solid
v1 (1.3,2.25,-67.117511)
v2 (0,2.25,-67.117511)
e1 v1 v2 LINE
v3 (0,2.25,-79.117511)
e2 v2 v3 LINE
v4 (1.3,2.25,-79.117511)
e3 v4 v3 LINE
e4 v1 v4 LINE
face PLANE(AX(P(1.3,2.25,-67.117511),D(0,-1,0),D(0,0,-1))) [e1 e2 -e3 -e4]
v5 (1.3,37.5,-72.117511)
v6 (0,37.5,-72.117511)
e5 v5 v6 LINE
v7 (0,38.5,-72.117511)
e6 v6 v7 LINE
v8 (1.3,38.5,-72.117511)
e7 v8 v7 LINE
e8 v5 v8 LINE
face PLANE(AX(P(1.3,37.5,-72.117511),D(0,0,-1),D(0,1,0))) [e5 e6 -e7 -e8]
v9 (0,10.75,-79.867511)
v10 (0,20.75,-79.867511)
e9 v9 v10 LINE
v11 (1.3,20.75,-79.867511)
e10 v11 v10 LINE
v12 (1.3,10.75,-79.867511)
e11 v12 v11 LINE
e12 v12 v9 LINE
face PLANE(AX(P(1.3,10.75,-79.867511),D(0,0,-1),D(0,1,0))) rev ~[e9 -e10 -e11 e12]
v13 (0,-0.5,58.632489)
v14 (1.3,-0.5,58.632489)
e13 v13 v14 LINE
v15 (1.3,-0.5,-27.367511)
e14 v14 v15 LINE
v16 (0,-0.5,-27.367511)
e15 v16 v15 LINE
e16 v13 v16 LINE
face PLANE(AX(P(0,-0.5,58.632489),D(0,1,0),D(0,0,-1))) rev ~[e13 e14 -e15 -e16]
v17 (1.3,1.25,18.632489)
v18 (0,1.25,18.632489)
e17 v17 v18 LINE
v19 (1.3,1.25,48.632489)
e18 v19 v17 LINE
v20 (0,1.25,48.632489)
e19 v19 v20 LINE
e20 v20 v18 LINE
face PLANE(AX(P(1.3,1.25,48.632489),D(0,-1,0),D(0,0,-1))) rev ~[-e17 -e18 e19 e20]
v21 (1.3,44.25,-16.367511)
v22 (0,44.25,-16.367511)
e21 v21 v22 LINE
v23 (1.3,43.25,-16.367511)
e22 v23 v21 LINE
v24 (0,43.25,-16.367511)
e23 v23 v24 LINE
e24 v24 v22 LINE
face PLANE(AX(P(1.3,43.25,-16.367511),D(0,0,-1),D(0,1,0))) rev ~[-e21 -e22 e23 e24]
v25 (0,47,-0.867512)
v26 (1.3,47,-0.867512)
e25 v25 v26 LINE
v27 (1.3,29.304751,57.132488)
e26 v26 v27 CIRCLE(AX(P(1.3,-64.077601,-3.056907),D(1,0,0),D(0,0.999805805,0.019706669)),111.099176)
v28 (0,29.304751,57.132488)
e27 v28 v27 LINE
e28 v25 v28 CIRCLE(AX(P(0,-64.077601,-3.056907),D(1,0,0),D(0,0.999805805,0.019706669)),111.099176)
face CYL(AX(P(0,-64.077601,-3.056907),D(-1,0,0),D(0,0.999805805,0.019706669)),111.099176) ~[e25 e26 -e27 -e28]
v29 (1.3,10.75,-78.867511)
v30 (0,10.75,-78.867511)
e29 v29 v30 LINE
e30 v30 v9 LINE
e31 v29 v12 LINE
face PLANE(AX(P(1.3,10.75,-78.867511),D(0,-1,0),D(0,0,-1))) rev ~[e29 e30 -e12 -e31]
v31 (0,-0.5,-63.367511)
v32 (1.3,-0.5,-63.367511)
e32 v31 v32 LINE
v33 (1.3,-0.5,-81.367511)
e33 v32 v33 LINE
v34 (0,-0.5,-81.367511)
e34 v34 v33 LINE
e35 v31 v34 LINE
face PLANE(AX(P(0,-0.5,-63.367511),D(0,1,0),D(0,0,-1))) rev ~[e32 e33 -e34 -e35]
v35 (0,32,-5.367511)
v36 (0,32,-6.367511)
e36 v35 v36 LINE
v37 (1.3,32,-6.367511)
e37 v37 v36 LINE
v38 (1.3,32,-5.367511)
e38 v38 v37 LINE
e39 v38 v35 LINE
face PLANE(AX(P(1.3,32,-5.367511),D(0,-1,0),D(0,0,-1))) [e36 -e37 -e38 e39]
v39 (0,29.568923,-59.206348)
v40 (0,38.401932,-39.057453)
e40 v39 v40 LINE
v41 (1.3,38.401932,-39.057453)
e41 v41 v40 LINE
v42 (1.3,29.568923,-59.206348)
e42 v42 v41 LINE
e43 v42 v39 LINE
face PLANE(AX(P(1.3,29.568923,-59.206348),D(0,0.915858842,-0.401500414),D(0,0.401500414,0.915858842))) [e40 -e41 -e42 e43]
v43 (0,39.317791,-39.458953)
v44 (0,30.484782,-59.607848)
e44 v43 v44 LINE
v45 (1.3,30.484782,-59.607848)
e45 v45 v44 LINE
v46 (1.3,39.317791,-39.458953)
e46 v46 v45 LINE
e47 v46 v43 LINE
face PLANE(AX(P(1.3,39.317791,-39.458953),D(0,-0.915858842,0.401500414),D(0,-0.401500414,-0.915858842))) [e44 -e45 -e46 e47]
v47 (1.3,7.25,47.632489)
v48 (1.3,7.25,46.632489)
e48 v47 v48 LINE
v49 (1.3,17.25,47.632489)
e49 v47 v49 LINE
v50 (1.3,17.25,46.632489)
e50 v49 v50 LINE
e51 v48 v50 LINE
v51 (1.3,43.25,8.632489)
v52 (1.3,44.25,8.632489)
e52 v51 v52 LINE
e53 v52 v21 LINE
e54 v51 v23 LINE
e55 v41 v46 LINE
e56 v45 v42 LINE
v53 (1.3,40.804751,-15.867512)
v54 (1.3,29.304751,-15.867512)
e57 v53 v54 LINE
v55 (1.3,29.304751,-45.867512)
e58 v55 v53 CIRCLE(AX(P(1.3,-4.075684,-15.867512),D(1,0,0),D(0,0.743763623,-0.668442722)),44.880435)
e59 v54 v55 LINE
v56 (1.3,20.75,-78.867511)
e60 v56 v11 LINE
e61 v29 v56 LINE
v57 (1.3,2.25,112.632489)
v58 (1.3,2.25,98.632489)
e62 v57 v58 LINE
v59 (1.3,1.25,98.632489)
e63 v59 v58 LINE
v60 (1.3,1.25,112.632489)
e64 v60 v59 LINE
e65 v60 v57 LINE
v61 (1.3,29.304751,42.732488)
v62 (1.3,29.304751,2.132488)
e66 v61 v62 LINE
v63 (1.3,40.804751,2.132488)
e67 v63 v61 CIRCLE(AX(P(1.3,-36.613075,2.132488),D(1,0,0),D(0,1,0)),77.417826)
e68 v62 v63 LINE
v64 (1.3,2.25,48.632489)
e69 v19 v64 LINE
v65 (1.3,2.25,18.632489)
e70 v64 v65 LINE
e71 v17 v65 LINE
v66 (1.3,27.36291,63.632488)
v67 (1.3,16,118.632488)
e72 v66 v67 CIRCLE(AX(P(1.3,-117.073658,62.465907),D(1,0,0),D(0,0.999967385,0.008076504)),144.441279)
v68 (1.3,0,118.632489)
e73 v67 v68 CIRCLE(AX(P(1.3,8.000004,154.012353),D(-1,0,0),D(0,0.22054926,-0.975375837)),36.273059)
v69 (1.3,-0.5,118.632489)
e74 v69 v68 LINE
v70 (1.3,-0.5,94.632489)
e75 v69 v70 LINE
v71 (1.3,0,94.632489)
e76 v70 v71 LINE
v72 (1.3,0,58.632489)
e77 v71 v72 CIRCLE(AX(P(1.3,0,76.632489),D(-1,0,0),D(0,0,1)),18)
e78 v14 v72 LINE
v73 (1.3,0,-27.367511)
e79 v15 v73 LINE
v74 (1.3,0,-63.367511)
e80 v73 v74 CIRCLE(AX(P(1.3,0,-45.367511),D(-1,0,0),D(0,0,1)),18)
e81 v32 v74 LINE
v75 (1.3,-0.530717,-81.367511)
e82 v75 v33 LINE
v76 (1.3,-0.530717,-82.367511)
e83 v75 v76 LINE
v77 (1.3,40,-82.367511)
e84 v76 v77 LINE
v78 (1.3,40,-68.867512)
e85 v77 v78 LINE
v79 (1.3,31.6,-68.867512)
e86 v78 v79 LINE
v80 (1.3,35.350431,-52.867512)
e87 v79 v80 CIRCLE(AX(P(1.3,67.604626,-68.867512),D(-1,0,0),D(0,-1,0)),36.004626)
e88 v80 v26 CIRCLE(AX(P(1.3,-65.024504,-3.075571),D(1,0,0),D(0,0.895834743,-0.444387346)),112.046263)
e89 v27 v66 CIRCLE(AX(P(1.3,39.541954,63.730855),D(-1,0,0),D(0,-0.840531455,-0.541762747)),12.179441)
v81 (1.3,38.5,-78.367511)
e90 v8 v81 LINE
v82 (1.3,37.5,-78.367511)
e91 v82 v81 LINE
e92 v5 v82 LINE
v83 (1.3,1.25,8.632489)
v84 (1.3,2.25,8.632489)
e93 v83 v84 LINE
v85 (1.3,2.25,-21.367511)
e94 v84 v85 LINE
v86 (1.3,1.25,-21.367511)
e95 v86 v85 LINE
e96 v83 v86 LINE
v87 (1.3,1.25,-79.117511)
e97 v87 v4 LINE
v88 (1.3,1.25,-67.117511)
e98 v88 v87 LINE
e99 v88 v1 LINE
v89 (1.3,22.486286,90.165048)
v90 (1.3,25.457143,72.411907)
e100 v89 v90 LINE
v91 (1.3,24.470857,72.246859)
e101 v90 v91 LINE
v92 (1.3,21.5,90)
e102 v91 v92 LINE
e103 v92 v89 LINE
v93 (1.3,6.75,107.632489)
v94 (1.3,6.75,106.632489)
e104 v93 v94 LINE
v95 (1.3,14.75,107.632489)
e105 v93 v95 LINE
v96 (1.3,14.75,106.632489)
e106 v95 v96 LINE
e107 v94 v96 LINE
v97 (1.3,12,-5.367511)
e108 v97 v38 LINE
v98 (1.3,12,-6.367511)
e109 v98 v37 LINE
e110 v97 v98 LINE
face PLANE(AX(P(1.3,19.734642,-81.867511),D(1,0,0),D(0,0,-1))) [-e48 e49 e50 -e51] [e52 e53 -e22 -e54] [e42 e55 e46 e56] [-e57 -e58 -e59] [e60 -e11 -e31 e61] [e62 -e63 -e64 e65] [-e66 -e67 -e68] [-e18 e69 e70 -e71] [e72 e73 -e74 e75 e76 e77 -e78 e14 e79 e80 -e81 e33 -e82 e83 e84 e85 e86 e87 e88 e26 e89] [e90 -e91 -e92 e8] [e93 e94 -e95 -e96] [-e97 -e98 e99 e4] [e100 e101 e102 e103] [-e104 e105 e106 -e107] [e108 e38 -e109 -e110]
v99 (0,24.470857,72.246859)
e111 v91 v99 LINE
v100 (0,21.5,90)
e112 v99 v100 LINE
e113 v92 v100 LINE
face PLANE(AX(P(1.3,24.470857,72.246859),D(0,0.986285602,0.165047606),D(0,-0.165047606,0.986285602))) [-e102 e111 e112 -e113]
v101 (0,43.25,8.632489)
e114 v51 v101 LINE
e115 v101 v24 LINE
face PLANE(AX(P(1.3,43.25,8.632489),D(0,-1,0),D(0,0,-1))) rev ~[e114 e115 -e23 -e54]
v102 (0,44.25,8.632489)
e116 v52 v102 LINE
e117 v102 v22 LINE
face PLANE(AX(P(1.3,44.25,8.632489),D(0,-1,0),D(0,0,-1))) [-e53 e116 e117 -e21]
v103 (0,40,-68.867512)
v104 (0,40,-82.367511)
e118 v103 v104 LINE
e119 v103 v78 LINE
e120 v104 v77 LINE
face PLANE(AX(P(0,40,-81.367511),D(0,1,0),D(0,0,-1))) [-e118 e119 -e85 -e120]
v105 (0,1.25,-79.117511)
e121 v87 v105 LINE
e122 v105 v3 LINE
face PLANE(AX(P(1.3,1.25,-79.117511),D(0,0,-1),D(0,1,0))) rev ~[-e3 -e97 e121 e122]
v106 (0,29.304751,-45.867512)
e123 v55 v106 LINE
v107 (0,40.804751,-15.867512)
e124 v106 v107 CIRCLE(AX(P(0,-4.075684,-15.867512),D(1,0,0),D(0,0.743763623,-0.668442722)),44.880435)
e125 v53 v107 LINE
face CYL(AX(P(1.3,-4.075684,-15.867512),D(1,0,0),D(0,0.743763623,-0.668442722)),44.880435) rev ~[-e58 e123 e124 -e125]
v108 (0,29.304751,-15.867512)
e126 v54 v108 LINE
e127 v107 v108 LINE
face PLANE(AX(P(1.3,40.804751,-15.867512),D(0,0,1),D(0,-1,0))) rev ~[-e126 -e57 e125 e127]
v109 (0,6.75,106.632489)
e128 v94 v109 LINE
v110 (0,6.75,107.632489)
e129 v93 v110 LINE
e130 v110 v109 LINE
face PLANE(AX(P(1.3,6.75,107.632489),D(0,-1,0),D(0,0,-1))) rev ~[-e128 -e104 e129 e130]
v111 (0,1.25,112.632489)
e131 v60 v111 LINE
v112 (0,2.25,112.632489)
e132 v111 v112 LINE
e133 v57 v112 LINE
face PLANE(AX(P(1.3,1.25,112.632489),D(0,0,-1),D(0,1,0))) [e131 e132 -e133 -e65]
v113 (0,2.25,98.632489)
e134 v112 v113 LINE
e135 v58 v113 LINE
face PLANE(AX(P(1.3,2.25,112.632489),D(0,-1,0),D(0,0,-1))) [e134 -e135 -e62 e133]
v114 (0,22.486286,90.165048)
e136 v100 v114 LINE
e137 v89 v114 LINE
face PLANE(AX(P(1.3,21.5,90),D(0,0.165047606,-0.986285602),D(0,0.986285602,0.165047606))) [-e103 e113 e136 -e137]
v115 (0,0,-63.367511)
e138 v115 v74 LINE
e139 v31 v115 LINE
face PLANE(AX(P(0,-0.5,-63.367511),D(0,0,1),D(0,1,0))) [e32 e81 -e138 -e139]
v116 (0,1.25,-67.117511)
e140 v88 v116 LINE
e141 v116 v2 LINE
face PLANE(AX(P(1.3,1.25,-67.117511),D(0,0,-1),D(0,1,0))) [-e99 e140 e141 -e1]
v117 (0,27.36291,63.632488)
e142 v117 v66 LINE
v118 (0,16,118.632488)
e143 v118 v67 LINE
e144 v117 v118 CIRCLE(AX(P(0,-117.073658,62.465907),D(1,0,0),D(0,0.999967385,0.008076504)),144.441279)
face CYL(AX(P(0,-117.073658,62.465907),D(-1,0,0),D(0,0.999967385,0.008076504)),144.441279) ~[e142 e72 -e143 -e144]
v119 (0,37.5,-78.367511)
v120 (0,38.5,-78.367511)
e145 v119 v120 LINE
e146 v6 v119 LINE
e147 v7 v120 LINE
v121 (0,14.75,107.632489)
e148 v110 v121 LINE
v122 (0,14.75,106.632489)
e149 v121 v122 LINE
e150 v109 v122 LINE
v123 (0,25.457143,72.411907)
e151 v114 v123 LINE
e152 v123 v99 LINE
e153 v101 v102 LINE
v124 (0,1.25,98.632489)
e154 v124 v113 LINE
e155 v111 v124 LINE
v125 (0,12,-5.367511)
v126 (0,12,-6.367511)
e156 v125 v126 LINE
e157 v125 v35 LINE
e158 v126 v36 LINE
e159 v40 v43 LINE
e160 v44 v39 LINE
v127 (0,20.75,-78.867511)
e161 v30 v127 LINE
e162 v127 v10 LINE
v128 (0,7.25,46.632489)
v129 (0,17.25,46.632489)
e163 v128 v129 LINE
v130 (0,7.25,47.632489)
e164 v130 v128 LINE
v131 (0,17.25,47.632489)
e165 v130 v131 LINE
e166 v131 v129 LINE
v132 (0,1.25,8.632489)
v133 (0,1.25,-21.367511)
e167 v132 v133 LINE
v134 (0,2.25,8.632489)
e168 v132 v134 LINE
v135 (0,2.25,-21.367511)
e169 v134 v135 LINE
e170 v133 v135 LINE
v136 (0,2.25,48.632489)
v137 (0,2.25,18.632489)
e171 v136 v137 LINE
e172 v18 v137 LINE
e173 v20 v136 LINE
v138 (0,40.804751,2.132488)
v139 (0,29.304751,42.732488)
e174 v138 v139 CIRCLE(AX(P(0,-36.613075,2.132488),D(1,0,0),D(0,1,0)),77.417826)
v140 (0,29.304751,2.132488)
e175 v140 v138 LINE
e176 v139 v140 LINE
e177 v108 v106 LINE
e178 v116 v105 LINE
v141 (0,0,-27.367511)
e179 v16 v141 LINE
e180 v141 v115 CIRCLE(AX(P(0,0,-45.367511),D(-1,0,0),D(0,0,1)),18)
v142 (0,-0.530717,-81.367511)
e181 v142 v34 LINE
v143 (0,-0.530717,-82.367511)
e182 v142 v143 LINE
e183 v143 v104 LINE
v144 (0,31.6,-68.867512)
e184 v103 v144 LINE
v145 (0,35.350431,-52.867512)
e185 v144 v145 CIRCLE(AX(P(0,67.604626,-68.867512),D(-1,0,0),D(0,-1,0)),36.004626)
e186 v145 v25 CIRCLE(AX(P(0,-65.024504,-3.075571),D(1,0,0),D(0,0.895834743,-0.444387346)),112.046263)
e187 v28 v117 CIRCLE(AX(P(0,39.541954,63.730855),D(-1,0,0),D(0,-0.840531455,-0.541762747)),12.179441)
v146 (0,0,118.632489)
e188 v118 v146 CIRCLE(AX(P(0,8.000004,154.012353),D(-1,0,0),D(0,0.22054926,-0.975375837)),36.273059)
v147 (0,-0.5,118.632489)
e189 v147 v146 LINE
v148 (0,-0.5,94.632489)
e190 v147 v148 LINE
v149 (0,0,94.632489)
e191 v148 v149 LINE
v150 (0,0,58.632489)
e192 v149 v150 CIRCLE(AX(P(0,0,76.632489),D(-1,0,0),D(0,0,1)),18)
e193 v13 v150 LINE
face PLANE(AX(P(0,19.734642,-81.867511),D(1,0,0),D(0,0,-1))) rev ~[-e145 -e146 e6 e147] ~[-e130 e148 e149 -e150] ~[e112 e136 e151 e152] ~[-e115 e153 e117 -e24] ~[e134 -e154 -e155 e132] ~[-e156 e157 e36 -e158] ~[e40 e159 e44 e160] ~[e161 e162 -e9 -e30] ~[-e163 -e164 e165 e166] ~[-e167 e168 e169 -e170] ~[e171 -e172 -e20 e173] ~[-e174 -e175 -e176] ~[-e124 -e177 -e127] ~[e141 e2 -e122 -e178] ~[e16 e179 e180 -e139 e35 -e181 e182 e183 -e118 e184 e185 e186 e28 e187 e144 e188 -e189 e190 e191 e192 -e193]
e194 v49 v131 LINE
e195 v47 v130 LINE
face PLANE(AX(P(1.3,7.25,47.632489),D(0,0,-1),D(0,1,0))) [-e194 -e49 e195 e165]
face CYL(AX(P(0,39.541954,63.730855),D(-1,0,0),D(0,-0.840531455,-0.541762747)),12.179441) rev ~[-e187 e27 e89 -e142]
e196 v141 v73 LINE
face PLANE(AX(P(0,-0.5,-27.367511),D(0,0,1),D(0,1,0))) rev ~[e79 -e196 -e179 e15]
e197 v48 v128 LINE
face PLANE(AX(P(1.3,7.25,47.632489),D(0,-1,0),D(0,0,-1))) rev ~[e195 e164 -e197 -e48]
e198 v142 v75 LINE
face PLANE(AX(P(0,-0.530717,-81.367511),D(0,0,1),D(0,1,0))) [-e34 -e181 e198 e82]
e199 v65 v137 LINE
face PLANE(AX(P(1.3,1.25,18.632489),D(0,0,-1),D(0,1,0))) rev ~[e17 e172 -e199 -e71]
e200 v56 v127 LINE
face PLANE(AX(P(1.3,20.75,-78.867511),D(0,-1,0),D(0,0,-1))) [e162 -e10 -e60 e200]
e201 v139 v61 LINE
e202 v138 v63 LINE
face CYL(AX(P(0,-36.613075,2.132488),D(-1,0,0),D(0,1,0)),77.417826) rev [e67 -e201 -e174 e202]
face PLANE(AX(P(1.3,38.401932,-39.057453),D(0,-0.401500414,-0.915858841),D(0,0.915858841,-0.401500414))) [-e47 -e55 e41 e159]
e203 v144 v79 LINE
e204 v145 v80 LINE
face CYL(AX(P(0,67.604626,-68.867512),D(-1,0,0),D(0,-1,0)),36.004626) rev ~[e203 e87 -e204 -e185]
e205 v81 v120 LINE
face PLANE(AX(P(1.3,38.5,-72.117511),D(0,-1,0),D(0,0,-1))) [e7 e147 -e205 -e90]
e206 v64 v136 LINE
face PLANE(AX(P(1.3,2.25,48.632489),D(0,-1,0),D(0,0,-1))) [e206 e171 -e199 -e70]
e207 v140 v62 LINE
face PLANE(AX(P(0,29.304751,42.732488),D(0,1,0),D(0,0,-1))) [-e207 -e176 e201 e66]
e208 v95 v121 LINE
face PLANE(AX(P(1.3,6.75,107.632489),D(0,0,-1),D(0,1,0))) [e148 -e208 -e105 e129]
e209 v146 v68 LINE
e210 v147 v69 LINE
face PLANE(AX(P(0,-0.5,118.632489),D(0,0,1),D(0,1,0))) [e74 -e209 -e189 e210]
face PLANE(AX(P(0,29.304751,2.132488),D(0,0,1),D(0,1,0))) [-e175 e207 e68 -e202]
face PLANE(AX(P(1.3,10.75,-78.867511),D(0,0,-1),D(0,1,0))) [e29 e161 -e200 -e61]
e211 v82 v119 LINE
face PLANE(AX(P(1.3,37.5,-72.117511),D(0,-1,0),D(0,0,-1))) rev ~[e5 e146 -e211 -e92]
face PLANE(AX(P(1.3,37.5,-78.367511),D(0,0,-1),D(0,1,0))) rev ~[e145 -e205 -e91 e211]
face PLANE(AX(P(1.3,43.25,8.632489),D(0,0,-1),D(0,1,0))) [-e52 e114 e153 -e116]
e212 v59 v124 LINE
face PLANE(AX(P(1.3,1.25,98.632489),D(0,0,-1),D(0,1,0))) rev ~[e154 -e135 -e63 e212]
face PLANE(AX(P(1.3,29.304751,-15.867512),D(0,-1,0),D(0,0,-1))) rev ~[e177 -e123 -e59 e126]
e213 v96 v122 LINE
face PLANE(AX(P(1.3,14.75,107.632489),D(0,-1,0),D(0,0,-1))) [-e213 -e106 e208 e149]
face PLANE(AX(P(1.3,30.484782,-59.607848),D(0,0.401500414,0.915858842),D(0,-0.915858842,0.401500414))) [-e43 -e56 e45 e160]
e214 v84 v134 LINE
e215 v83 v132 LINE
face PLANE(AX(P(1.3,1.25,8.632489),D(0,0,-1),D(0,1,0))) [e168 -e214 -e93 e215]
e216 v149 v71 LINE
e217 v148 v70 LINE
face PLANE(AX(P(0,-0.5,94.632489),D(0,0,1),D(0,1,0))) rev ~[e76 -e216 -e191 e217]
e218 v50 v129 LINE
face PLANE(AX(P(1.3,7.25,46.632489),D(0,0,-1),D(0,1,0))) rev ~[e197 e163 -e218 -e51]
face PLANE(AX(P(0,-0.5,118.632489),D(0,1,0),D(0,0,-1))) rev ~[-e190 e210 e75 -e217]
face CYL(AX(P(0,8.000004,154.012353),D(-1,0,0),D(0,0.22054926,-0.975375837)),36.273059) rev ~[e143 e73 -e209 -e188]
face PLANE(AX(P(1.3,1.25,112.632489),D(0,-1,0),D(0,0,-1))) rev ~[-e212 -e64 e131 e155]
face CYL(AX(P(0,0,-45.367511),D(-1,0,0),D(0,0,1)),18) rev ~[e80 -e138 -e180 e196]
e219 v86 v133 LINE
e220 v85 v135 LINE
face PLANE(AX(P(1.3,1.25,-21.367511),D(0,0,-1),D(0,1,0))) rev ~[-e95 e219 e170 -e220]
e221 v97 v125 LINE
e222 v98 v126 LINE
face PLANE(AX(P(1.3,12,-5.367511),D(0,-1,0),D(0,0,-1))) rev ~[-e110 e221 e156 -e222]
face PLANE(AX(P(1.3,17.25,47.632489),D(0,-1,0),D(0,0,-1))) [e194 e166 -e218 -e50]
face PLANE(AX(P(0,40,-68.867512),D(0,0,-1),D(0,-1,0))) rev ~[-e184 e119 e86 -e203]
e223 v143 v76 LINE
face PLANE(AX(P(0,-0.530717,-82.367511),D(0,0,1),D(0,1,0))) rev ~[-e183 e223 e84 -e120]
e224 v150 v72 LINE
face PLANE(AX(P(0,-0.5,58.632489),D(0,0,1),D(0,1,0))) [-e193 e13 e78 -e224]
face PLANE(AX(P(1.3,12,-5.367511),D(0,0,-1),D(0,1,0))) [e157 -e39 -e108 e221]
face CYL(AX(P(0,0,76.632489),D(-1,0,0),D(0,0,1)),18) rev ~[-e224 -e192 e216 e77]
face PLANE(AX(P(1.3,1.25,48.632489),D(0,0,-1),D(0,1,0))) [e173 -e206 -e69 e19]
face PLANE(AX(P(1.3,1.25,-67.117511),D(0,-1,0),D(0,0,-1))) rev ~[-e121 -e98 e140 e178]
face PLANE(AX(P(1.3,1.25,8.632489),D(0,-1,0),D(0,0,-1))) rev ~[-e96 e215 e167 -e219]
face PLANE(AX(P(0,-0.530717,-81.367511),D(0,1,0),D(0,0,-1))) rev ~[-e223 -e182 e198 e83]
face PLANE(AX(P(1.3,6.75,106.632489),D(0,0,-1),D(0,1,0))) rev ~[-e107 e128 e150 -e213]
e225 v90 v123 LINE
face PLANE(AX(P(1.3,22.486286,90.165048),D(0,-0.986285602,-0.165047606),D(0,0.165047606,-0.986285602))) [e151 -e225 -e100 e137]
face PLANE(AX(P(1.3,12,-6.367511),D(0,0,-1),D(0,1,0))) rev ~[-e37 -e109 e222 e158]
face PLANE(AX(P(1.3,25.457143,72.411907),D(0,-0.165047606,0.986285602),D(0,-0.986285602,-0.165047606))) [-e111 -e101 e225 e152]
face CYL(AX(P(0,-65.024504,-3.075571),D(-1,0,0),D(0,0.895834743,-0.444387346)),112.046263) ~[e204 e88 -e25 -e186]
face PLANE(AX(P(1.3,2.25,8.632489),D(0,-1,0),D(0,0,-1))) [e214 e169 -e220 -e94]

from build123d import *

# Parameters (mm, degrees)
BOSS_EXTRUDE1_DEPTH = 1.3
SKETCH2_W           = 6.25
SKETCH2_H           = 1
CUT_EXTRUDE1_DEPTH  = 128.618193671
SKETCH3_W           = 12
SKETCH3_H           = 1
SKETCH3_W_2         = 30
SKETCH3_W_3         = 14
SKETCH3_W_4         = 1
SKETCH3_H_2         = 8
CUT_EXTRUDE2_DEPTH  = 128.618193671
SKETCH4_W           = 1
SKETCH4_H           = 10
CUT_EXTRUDE3_DEPTH  = 128.618193671
SKETCH5_W           = 25
SKETCH5_H           = 1
SKETCH5_W_2         = 1
SKETCH5_H_2         = 20
CUT_EXTRUDE4_DEPTH  = 128.618193671
SKETCH6_W           = 1
SKETCH6_H           = 10
CUT_EXTRUDE5_DEPTH  = 128.618193671
SKETCH7_W           = 24
SKETCH7_H           = 0.5
SKETCH7_W_2         = 86
SKETCH7_W_3         = 18
BOSS_EXTRUDE2_DEPTH = 1.3
CUT_EXTRUDE6_DEPTH  = 128.618193671
SKETCH10_W          = 1
SKETCH10_H          = 40.53071679
BOSS_EXTRUDE3_DEPTH = 1.3


with BuildPart() as part:
    # Sketch1 → Boss-Extrude1 (new body)
    with BuildSketch(Plane(origin=(0, 0, 0), x_dir=(0, 0, -1), z_dir=(1, 0, 0))):
        with BuildLine():
            Line((81.367510562, 0), (81.367510562, 40))
            Line((81.367510562, 40), (68.86751224, 40))
            Line((68.86751224, 40), (68.86751224, 31.6))
            ThreePointArc((68.86751224, 31.6), (60.650673838, 32.5501447), (52.86751224, 35.350431081))
            ThreePointArc((52.86751224, 35.350431081), (27.570153703, 44.311585339), (0.86751224, 47))
            ThreePointArc((0.86751224, 47), (-29.363130095, 42.186071485), (-57.13248776, 29.304750955))
            ThreePointArc((-57.13248776, 29.304750955), (-60.244560512, 27.872141345), (-63.63248776, 27.362910487))
            ThreePointArc((-63.63248776, 27.362910487), (-91.690071427, 24.380332585), (-118.63248776, 16))
            ThreePointArc((-118.63248776, 16), (-117.739294054, 7.999999906), (-118.632489438, 0))
            Line((-118.632489438, 0), (-94.632489438, 0))
            ThreePointArc((-94.632489438, 0), (-76.632489438, 18), (-58.632489438, 0))
            Line((-58.632489438, 0), (27.367510562, 0))
            ThreePointArc((27.367510562, 0), (45.367510562, 18), (63.367510562, 0))
            Line((63.367510562, 0), (81.367510562, 0))
        make_face()
        with BuildLine():
            Line((-42.73248776, 29.304750955), (-2.13248776, 29.304750955))
            Line((-2.13248776, 29.304750955), (-2.13248776, 40.804750955))
            ThreePointArc((-2.13248776, 40.804750955), (-23.231125157, 37.874288199), (-42.73248776, 29.304750955))
        make_face(mode=Mode.SUBTRACT)
    extrude(amount=BOSS_EXTRUDE1_DEPTH)

    # Sketch2 → Cut-Extrude1 (cut, through all)
    with BuildSketch(Plane(origin=(1.3, 0, 0), x_dir=(0, 0, -1), z_dir=(1, 0, 0))):
        with Locations((75.242510562, 38)):
            Rectangle(SKETCH2_W, SKETCH2_H)
    extrude(amount=-CUT_EXTRUDE1_DEPTH, mode=Mode.SUBTRACT)

    # Sketch3 → Cut-Extrude2 (cut, through all)
    with BuildSketch(Plane(origin=(1.3, 0, 0), x_dir=(0, 0, -1), z_dir=(1, 0, 0))):
        with Locations((73.117510562, 1.75)):
            Rectangle(SKETCH3_W, SKETCH3_H)
        with Locations((6.367510562, 1.75)):
            Rectangle(SKETCH3_W_2, SKETCH3_H)
        with Locations((-105.632489438, 1.75)):
            Rectangle(SKETCH3_W_3, SKETCH3_H)
        Polygon((-90.165047606, 22.486285602), (-72.411906778, 25.457142507), (-72.246859172, 24.470856905), (-90, 21.5), align=None)
        with Locations((-107.132489438, 10.75)):
            Rectangle(SKETCH3_W_4, SKETCH3_H_2)
        Polygon((39.458953443, 39.317791271), (59.607847956, 30.484782164), (59.206347542, 29.568923322), (39.057453029, 38.40193243), align=None)
        with Locations((-33.632489438, 1.75)):
            Rectangle(SKETCH3_W_2, SKETCH3_H)
    extrude(amount=-CUT_EXTRUDE2_DEPTH, mode=Mode.SUBTRACT)

    # Sketch4 → Cut-Extrude3 (cut, through all)
    with BuildSketch(Plane(origin=(1.3, 0, 0), x_dir=(0, 0, -1), z_dir=(1, 0, 0))):
        with Locations((79.367510562, 15.75)):
            Rectangle(SKETCH4_W, SKETCH4_H)
    extrude(amount=-CUT_EXTRUDE3_DEPTH, mode=Mode.SUBTRACT)

    # Sketch5 → Cut-Extrude4 (cut, through all)
    with BuildSketch(Plane(origin=(1.3, 0, 0), x_dir=(0, 0, -1), z_dir=(1, 0, 0))):
        with Locations((3.867510562, 43.75)):
            Rectangle(SKETCH5_W, SKETCH5_H)
        with Locations((5.867510562, 22)):
            Rectangle(SKETCH5_W_2, SKETCH5_H_2)
    extrude(amount=-CUT_EXTRUDE4_DEPTH, mode=Mode.SUBTRACT)

    # Sketch6 → Cut-Extrude5 (cut, through all)
    with BuildSketch(Plane(origin=(1.3, 0, 0), x_dir=(0, 0, -1), z_dir=(1, 0, 0))):
        with Locations((-47.132489438, 12.25)):
            Rectangle(SKETCH6_W, SKETCH6_H)
    extrude(amount=-CUT_EXTRUDE5_DEPTH, mode=Mode.SUBTRACT)

    # Sketch7 → Boss-Extrude2 (add)
    with BuildSketch(Plane(origin=(0, 0, 0), x_dir=(0, 0, -1), z_dir=(1, 0, 0))):
        with Locations((-106.632489438, -0.25)):
            Rectangle(SKETCH7_W, SKETCH7_H)
        with Locations((-15.632489438, -0.25)):
            Rectangle(SKETCH7_W_2, SKETCH7_H)
        with Locations((72.367510562, -0.25)):
            Rectangle(SKETCH7_W_3, SKETCH7_H)
    extrude(amount=BOSS_EXTRUDE2_DEPTH)

    # Sketch9 → Cut-Extrude6 (cut, through all)
    with BuildSketch(Plane(origin=(1.3, 0, 0), x_dir=(0, 0, -1), z_dir=(1, 0, 0))):
        with BuildLine():
            Line((15.86751224, 40.804750955), (15.86751224, 29.304750955))
            Line((15.86751224, 29.304750955), (45.86751224, 29.304750955))
            ThreePointArc((45.86751224, 29.304750955), (31.931836066, 37.831247893), (15.86751224, 40.804750955))
        make_face()
    extrude(amount=-CUT_EXTRUDE6_DEPTH, mode=Mode.SUBTRACT)

    # Sketch10 → Boss-Extrude3 (add)
    with BuildSketch(Plane(origin=(0, 0, 0), x_dir=(0, 0, -1), z_dir=(1, 0, 0))):
        with Locations((81.867510562, 19.734641605)):
            Rectangle(SKETCH10_W, SKETCH10_H)
    extrude(amount=BOSS_EXTRUDE3_DEPTH)


solid = part.part
